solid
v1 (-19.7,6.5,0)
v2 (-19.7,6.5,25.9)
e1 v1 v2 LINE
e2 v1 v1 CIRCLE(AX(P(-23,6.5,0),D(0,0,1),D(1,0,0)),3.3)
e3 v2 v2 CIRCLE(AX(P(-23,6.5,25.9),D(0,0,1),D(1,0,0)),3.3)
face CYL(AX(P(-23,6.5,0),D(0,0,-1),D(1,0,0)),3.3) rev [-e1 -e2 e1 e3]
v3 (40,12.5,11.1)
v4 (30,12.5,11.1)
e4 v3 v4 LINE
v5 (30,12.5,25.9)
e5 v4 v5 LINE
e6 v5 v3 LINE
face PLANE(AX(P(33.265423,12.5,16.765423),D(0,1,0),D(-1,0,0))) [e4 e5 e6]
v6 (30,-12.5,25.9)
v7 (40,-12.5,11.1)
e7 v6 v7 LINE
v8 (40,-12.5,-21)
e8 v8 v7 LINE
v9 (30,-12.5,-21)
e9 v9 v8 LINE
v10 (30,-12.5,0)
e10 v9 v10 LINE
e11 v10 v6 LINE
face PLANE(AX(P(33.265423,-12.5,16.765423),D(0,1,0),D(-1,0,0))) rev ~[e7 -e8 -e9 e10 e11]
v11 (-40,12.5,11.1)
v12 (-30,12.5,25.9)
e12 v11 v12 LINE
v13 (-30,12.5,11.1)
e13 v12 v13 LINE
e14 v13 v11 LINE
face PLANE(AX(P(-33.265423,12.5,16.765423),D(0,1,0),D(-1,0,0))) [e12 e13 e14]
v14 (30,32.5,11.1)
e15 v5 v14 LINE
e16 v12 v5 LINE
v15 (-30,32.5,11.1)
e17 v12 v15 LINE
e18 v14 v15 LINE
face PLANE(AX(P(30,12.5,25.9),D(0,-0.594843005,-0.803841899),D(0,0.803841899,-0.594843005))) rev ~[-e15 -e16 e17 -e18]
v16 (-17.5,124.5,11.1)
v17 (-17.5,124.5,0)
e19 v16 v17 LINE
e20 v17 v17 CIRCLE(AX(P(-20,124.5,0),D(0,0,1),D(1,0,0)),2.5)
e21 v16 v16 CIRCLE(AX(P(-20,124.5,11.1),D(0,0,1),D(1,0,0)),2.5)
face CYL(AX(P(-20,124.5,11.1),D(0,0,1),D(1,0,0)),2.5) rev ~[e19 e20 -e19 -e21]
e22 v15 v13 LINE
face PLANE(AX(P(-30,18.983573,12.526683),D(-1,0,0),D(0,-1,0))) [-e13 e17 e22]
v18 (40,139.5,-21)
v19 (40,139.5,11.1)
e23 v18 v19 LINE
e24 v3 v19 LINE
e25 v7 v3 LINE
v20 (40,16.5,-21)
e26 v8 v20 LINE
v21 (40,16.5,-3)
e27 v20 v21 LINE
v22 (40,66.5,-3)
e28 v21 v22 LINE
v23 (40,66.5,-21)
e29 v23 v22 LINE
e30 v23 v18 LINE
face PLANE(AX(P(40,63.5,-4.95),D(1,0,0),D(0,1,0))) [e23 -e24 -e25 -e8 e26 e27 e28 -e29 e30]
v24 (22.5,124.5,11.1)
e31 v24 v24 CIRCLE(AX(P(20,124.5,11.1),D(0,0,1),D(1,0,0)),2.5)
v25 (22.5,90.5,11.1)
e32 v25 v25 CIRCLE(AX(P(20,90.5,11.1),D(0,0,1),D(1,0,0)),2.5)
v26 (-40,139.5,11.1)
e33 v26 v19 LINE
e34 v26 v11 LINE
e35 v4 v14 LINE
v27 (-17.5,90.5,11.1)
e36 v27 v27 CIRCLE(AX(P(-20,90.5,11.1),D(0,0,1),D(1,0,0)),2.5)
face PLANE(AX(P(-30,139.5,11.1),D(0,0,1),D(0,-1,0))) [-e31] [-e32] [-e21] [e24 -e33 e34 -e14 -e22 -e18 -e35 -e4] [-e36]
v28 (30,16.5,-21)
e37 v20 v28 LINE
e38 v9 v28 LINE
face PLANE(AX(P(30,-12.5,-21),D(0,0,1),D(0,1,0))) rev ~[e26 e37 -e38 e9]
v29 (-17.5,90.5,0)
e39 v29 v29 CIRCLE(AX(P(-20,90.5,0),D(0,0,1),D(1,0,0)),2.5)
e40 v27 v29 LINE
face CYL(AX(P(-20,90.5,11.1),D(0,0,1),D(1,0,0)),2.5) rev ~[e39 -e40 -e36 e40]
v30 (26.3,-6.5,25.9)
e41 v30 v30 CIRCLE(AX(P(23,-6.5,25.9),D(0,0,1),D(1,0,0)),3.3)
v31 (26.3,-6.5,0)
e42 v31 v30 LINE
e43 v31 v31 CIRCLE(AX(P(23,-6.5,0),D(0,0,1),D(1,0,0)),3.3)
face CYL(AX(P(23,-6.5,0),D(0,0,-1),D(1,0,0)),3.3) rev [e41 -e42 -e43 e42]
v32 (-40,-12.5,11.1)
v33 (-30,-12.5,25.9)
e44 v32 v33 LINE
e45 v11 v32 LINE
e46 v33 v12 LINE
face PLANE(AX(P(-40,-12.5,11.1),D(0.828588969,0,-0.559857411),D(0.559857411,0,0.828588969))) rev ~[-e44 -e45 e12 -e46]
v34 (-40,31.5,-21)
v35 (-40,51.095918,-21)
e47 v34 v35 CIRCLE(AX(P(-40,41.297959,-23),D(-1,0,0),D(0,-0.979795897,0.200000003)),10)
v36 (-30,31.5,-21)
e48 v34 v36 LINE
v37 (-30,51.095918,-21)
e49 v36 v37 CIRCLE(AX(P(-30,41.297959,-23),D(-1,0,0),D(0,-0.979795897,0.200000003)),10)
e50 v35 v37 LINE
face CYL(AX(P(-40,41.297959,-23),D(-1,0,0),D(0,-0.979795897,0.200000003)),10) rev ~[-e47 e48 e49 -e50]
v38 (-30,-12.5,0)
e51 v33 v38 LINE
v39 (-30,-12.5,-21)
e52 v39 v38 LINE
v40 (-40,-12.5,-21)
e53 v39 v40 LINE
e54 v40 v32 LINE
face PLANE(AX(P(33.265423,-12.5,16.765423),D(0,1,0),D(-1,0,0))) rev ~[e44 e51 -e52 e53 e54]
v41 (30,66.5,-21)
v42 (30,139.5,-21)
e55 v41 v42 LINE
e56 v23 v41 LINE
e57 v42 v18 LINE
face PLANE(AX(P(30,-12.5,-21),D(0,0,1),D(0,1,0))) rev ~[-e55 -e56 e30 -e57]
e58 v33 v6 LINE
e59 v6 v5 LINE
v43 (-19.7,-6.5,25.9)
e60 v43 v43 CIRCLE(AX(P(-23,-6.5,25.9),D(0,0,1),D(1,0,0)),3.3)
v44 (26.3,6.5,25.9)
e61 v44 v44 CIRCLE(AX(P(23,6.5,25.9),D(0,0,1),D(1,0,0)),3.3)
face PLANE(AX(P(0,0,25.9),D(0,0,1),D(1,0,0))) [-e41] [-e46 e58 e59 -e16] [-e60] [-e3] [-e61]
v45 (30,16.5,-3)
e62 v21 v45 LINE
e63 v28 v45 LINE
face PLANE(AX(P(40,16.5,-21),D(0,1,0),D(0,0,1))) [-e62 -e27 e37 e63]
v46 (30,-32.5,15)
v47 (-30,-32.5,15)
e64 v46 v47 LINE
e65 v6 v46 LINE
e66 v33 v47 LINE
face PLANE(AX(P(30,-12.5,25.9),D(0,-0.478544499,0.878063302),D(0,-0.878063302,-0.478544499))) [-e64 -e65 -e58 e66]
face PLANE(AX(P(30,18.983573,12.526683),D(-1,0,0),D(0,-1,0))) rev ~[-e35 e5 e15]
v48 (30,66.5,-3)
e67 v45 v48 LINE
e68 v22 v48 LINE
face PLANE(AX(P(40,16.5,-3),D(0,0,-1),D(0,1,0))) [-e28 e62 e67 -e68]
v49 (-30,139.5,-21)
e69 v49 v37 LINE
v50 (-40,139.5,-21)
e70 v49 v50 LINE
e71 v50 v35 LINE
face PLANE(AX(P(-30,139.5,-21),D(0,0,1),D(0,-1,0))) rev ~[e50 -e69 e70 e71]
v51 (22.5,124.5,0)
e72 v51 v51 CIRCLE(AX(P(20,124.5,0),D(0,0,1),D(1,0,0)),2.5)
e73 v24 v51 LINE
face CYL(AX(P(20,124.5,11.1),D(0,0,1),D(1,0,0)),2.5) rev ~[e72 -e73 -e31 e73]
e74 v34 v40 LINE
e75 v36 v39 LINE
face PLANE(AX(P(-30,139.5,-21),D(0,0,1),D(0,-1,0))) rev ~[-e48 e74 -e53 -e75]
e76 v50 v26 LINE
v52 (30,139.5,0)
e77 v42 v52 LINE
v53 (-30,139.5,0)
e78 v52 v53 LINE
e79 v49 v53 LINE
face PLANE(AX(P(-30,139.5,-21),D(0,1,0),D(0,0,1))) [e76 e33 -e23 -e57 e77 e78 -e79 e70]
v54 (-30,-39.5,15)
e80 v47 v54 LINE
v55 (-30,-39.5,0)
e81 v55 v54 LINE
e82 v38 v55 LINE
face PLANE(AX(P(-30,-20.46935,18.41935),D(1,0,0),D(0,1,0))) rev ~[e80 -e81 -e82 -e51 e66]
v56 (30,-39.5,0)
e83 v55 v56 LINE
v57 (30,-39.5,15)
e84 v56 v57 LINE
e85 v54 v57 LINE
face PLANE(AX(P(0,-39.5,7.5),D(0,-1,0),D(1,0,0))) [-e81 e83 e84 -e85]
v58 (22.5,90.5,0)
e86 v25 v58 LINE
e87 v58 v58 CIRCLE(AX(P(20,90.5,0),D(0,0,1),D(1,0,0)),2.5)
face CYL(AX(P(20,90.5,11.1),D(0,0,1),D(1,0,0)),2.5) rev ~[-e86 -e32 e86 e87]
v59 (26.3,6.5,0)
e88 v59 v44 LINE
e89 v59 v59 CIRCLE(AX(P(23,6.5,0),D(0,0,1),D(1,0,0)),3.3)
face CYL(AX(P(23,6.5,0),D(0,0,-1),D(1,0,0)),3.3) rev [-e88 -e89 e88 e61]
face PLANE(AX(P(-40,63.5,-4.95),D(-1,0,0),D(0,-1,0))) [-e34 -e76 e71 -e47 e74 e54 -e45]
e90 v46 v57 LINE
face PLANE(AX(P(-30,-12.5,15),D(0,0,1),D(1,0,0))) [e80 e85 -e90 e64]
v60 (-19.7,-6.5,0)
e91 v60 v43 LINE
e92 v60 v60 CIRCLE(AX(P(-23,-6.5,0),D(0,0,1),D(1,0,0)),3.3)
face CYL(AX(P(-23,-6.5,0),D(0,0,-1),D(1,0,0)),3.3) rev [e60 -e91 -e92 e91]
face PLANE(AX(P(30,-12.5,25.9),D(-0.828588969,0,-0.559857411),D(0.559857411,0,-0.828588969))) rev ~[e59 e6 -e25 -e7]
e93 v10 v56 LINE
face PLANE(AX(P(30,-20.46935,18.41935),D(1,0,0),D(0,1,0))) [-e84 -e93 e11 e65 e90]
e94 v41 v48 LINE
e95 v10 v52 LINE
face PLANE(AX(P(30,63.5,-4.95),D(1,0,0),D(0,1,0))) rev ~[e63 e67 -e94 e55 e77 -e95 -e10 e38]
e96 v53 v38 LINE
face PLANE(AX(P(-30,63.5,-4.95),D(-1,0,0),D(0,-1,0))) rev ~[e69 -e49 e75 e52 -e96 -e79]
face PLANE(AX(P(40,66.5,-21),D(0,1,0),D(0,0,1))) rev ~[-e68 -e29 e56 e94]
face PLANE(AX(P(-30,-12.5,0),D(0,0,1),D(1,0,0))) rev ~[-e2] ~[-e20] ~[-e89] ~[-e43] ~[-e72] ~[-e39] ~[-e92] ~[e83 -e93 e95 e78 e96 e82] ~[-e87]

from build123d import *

# Parameters (mm, degrees)
SKETCH_W        = 60
SKETCH_H        = 25
SKETCH_R        = 3.3
PAD_DEPTH       = 25.9
SKETCH001_W     = 60
SKETCH001_H     = 11.1
PAD001_DEPTH    = 127
SKETCH002_R     = 2.5
POCKET_DEPTH    = 11.101
PAD002_DEPTH    = 60
SKETCH004_W     = 152
SKETCH004_H     = 32.1
PAD003_DEPTH    = 10
SKETCH005_W     = 152
SKETCH005_H     = 32.1
PAD004_DEPTH    = 10
PAD005_DEPTH    = 25
SKETCH007_W     = 50
SKETCH007_H     = 18
POCKET001_DEPTH = 10
POCKET002_DEPTH = 10
SKETCH009_W     = 60
SKETCH009_H     = 15
PAD006_DEPTH    = 27
PAD007_DEPTH    = 60


with BuildPart() as part:
    # Sketch → Pad (new body)
    with BuildSketch(Plane.XY):
        Rectangle(SKETCH_W, SKETCH_H)
        with Locations((-23, 6.5)):
            Circle(SKETCH_R, mode=Mode.SUBTRACT)
        with Locations((-23, -6.5)):
            Circle(SKETCH_R, mode=Mode.SUBTRACT)
        with Locations((23, -6.5)):
            Circle(SKETCH_R, mode=Mode.SUBTRACT)
        with Locations((23, 6.5)):
            Circle(SKETCH_R, mode=Mode.SUBTRACT)
    extrude(amount=PAD_DEPTH)

    # Sketch001 (on Face1 of Pad) → Pad001 (join)
    with BuildSketch(Plane(origin=(0, 12.5, 0), x_dir=(-1, 0, 0), z_dir=(0, 1, 0))):
        with Locations((0, 5.55)):
            Rectangle(SKETCH001_W, SKETCH001_H)
    extrude(amount=PAD001_DEPTH)

    # Sketch002 (on Face2 of Pad001) → Pocket (cut, through all)
    with BuildSketch(Plane.XY.offset(11.1)):
        with Locations((-20, 124.5)):
            Circle(SKETCH002_R)
        with Locations((20, 124.5)):
            Circle(SKETCH002_R)
        with Locations((-20, 90.5)):
            Circle(SKETCH002_R)
        with Locations((20, 90.5)):
            Circle(SKETCH002_R)
    extrude(amount=-POCKET_DEPTH, mode=Mode.SUBTRACT)

    # Sketch003 (on Face6 of Pocket) → Pad002 (join)
    with BuildSketch(Plane.YZ.offset(30)):
        Polygon((12.5, 25.9), (32.5, 11.1), (12.5, 0), align=None)
    extrude(amount=-PAD002_DEPTH)

    # Sketch004 (on Face7 of Pad002) → Pad003 (join)
    with BuildSketch(Plane.YZ.offset(30)):
        with Locations((63.5, -4.95)):
            Rectangle(SKETCH004_W, SKETCH004_H)
    extrude(amount=PAD003_DEPTH)

    # Sketch005 (on Face20 of Pad003) → Pad004 (join)
    with BuildSketch(Plane(origin=(-30, 0, 0), x_dir=(0, -1, 0), z_dir=(-1, 0, 0))):
        with Locations((-63.5, -4.95)):
            Rectangle(SKETCH005_W, SKETCH005_H)
    extrude(amount=PAD004_DEPTH)

    # Sketch006 (on Face3 of Pad004) → Pad005 (join)
    with BuildSketch(Plane.XZ.offset(12.5)):
        Polygon((40, 11.1), (30, 11.1), (30, 25.9), align=None)
        Polygon((-30, 25.9), (-30, 11.1), (-40, 11.1), align=None)
    extrude(amount=-PAD005_DEPTH)

    # Sketch007 (on Face5 of Pad005) → Pocket001 (cut)
    with BuildSketch(Plane.YZ.offset(40)):
        with Locations((41.5, -12)):
            Rectangle(SKETCH007_W, SKETCH007_H)
    extrude(amount=-POCKET001_DEPTH, mode=Mode.SUBTRACT)

    # Sketch008 (on Face25 of Pocket001) → Pocket002 (cut)
    with BuildSketch(Plane(origin=(-40, 0, 0), x_dir=(0, -1, 0), z_dir=(-1, 0, 0))):
        with BuildLine():
            ThreePointArc((-31.5, -21), (-41.297959, -13), (-51.095918, -21))
            Line((-51.095918, -21), (-31.5, -21))
        make_face()
    extrude(amount=-POCKET002_DEPTH, mode=Mode.SUBTRACT)

    # Sketch009 (on Face29 of Pocket002) → Pad006 (join)
    with BuildSketch(Plane.XZ.offset(12.5)):
        with Locations((0, 7.5)):
            Rectangle(SKETCH009_W, SKETCH009_H)
    extrude(amount=PAD006_DEPTH)

    # Sketch010 (on Face29 of Pad006) → Pad007 (join)
    with BuildSketch(Plane.YZ.offset(30)):
        Polygon((-32.5, 15), (-12.5, 15), (-12.5, 25.9), align=None)
    extrude(amount=-PAD007_DEPTH)


solid = part.part
